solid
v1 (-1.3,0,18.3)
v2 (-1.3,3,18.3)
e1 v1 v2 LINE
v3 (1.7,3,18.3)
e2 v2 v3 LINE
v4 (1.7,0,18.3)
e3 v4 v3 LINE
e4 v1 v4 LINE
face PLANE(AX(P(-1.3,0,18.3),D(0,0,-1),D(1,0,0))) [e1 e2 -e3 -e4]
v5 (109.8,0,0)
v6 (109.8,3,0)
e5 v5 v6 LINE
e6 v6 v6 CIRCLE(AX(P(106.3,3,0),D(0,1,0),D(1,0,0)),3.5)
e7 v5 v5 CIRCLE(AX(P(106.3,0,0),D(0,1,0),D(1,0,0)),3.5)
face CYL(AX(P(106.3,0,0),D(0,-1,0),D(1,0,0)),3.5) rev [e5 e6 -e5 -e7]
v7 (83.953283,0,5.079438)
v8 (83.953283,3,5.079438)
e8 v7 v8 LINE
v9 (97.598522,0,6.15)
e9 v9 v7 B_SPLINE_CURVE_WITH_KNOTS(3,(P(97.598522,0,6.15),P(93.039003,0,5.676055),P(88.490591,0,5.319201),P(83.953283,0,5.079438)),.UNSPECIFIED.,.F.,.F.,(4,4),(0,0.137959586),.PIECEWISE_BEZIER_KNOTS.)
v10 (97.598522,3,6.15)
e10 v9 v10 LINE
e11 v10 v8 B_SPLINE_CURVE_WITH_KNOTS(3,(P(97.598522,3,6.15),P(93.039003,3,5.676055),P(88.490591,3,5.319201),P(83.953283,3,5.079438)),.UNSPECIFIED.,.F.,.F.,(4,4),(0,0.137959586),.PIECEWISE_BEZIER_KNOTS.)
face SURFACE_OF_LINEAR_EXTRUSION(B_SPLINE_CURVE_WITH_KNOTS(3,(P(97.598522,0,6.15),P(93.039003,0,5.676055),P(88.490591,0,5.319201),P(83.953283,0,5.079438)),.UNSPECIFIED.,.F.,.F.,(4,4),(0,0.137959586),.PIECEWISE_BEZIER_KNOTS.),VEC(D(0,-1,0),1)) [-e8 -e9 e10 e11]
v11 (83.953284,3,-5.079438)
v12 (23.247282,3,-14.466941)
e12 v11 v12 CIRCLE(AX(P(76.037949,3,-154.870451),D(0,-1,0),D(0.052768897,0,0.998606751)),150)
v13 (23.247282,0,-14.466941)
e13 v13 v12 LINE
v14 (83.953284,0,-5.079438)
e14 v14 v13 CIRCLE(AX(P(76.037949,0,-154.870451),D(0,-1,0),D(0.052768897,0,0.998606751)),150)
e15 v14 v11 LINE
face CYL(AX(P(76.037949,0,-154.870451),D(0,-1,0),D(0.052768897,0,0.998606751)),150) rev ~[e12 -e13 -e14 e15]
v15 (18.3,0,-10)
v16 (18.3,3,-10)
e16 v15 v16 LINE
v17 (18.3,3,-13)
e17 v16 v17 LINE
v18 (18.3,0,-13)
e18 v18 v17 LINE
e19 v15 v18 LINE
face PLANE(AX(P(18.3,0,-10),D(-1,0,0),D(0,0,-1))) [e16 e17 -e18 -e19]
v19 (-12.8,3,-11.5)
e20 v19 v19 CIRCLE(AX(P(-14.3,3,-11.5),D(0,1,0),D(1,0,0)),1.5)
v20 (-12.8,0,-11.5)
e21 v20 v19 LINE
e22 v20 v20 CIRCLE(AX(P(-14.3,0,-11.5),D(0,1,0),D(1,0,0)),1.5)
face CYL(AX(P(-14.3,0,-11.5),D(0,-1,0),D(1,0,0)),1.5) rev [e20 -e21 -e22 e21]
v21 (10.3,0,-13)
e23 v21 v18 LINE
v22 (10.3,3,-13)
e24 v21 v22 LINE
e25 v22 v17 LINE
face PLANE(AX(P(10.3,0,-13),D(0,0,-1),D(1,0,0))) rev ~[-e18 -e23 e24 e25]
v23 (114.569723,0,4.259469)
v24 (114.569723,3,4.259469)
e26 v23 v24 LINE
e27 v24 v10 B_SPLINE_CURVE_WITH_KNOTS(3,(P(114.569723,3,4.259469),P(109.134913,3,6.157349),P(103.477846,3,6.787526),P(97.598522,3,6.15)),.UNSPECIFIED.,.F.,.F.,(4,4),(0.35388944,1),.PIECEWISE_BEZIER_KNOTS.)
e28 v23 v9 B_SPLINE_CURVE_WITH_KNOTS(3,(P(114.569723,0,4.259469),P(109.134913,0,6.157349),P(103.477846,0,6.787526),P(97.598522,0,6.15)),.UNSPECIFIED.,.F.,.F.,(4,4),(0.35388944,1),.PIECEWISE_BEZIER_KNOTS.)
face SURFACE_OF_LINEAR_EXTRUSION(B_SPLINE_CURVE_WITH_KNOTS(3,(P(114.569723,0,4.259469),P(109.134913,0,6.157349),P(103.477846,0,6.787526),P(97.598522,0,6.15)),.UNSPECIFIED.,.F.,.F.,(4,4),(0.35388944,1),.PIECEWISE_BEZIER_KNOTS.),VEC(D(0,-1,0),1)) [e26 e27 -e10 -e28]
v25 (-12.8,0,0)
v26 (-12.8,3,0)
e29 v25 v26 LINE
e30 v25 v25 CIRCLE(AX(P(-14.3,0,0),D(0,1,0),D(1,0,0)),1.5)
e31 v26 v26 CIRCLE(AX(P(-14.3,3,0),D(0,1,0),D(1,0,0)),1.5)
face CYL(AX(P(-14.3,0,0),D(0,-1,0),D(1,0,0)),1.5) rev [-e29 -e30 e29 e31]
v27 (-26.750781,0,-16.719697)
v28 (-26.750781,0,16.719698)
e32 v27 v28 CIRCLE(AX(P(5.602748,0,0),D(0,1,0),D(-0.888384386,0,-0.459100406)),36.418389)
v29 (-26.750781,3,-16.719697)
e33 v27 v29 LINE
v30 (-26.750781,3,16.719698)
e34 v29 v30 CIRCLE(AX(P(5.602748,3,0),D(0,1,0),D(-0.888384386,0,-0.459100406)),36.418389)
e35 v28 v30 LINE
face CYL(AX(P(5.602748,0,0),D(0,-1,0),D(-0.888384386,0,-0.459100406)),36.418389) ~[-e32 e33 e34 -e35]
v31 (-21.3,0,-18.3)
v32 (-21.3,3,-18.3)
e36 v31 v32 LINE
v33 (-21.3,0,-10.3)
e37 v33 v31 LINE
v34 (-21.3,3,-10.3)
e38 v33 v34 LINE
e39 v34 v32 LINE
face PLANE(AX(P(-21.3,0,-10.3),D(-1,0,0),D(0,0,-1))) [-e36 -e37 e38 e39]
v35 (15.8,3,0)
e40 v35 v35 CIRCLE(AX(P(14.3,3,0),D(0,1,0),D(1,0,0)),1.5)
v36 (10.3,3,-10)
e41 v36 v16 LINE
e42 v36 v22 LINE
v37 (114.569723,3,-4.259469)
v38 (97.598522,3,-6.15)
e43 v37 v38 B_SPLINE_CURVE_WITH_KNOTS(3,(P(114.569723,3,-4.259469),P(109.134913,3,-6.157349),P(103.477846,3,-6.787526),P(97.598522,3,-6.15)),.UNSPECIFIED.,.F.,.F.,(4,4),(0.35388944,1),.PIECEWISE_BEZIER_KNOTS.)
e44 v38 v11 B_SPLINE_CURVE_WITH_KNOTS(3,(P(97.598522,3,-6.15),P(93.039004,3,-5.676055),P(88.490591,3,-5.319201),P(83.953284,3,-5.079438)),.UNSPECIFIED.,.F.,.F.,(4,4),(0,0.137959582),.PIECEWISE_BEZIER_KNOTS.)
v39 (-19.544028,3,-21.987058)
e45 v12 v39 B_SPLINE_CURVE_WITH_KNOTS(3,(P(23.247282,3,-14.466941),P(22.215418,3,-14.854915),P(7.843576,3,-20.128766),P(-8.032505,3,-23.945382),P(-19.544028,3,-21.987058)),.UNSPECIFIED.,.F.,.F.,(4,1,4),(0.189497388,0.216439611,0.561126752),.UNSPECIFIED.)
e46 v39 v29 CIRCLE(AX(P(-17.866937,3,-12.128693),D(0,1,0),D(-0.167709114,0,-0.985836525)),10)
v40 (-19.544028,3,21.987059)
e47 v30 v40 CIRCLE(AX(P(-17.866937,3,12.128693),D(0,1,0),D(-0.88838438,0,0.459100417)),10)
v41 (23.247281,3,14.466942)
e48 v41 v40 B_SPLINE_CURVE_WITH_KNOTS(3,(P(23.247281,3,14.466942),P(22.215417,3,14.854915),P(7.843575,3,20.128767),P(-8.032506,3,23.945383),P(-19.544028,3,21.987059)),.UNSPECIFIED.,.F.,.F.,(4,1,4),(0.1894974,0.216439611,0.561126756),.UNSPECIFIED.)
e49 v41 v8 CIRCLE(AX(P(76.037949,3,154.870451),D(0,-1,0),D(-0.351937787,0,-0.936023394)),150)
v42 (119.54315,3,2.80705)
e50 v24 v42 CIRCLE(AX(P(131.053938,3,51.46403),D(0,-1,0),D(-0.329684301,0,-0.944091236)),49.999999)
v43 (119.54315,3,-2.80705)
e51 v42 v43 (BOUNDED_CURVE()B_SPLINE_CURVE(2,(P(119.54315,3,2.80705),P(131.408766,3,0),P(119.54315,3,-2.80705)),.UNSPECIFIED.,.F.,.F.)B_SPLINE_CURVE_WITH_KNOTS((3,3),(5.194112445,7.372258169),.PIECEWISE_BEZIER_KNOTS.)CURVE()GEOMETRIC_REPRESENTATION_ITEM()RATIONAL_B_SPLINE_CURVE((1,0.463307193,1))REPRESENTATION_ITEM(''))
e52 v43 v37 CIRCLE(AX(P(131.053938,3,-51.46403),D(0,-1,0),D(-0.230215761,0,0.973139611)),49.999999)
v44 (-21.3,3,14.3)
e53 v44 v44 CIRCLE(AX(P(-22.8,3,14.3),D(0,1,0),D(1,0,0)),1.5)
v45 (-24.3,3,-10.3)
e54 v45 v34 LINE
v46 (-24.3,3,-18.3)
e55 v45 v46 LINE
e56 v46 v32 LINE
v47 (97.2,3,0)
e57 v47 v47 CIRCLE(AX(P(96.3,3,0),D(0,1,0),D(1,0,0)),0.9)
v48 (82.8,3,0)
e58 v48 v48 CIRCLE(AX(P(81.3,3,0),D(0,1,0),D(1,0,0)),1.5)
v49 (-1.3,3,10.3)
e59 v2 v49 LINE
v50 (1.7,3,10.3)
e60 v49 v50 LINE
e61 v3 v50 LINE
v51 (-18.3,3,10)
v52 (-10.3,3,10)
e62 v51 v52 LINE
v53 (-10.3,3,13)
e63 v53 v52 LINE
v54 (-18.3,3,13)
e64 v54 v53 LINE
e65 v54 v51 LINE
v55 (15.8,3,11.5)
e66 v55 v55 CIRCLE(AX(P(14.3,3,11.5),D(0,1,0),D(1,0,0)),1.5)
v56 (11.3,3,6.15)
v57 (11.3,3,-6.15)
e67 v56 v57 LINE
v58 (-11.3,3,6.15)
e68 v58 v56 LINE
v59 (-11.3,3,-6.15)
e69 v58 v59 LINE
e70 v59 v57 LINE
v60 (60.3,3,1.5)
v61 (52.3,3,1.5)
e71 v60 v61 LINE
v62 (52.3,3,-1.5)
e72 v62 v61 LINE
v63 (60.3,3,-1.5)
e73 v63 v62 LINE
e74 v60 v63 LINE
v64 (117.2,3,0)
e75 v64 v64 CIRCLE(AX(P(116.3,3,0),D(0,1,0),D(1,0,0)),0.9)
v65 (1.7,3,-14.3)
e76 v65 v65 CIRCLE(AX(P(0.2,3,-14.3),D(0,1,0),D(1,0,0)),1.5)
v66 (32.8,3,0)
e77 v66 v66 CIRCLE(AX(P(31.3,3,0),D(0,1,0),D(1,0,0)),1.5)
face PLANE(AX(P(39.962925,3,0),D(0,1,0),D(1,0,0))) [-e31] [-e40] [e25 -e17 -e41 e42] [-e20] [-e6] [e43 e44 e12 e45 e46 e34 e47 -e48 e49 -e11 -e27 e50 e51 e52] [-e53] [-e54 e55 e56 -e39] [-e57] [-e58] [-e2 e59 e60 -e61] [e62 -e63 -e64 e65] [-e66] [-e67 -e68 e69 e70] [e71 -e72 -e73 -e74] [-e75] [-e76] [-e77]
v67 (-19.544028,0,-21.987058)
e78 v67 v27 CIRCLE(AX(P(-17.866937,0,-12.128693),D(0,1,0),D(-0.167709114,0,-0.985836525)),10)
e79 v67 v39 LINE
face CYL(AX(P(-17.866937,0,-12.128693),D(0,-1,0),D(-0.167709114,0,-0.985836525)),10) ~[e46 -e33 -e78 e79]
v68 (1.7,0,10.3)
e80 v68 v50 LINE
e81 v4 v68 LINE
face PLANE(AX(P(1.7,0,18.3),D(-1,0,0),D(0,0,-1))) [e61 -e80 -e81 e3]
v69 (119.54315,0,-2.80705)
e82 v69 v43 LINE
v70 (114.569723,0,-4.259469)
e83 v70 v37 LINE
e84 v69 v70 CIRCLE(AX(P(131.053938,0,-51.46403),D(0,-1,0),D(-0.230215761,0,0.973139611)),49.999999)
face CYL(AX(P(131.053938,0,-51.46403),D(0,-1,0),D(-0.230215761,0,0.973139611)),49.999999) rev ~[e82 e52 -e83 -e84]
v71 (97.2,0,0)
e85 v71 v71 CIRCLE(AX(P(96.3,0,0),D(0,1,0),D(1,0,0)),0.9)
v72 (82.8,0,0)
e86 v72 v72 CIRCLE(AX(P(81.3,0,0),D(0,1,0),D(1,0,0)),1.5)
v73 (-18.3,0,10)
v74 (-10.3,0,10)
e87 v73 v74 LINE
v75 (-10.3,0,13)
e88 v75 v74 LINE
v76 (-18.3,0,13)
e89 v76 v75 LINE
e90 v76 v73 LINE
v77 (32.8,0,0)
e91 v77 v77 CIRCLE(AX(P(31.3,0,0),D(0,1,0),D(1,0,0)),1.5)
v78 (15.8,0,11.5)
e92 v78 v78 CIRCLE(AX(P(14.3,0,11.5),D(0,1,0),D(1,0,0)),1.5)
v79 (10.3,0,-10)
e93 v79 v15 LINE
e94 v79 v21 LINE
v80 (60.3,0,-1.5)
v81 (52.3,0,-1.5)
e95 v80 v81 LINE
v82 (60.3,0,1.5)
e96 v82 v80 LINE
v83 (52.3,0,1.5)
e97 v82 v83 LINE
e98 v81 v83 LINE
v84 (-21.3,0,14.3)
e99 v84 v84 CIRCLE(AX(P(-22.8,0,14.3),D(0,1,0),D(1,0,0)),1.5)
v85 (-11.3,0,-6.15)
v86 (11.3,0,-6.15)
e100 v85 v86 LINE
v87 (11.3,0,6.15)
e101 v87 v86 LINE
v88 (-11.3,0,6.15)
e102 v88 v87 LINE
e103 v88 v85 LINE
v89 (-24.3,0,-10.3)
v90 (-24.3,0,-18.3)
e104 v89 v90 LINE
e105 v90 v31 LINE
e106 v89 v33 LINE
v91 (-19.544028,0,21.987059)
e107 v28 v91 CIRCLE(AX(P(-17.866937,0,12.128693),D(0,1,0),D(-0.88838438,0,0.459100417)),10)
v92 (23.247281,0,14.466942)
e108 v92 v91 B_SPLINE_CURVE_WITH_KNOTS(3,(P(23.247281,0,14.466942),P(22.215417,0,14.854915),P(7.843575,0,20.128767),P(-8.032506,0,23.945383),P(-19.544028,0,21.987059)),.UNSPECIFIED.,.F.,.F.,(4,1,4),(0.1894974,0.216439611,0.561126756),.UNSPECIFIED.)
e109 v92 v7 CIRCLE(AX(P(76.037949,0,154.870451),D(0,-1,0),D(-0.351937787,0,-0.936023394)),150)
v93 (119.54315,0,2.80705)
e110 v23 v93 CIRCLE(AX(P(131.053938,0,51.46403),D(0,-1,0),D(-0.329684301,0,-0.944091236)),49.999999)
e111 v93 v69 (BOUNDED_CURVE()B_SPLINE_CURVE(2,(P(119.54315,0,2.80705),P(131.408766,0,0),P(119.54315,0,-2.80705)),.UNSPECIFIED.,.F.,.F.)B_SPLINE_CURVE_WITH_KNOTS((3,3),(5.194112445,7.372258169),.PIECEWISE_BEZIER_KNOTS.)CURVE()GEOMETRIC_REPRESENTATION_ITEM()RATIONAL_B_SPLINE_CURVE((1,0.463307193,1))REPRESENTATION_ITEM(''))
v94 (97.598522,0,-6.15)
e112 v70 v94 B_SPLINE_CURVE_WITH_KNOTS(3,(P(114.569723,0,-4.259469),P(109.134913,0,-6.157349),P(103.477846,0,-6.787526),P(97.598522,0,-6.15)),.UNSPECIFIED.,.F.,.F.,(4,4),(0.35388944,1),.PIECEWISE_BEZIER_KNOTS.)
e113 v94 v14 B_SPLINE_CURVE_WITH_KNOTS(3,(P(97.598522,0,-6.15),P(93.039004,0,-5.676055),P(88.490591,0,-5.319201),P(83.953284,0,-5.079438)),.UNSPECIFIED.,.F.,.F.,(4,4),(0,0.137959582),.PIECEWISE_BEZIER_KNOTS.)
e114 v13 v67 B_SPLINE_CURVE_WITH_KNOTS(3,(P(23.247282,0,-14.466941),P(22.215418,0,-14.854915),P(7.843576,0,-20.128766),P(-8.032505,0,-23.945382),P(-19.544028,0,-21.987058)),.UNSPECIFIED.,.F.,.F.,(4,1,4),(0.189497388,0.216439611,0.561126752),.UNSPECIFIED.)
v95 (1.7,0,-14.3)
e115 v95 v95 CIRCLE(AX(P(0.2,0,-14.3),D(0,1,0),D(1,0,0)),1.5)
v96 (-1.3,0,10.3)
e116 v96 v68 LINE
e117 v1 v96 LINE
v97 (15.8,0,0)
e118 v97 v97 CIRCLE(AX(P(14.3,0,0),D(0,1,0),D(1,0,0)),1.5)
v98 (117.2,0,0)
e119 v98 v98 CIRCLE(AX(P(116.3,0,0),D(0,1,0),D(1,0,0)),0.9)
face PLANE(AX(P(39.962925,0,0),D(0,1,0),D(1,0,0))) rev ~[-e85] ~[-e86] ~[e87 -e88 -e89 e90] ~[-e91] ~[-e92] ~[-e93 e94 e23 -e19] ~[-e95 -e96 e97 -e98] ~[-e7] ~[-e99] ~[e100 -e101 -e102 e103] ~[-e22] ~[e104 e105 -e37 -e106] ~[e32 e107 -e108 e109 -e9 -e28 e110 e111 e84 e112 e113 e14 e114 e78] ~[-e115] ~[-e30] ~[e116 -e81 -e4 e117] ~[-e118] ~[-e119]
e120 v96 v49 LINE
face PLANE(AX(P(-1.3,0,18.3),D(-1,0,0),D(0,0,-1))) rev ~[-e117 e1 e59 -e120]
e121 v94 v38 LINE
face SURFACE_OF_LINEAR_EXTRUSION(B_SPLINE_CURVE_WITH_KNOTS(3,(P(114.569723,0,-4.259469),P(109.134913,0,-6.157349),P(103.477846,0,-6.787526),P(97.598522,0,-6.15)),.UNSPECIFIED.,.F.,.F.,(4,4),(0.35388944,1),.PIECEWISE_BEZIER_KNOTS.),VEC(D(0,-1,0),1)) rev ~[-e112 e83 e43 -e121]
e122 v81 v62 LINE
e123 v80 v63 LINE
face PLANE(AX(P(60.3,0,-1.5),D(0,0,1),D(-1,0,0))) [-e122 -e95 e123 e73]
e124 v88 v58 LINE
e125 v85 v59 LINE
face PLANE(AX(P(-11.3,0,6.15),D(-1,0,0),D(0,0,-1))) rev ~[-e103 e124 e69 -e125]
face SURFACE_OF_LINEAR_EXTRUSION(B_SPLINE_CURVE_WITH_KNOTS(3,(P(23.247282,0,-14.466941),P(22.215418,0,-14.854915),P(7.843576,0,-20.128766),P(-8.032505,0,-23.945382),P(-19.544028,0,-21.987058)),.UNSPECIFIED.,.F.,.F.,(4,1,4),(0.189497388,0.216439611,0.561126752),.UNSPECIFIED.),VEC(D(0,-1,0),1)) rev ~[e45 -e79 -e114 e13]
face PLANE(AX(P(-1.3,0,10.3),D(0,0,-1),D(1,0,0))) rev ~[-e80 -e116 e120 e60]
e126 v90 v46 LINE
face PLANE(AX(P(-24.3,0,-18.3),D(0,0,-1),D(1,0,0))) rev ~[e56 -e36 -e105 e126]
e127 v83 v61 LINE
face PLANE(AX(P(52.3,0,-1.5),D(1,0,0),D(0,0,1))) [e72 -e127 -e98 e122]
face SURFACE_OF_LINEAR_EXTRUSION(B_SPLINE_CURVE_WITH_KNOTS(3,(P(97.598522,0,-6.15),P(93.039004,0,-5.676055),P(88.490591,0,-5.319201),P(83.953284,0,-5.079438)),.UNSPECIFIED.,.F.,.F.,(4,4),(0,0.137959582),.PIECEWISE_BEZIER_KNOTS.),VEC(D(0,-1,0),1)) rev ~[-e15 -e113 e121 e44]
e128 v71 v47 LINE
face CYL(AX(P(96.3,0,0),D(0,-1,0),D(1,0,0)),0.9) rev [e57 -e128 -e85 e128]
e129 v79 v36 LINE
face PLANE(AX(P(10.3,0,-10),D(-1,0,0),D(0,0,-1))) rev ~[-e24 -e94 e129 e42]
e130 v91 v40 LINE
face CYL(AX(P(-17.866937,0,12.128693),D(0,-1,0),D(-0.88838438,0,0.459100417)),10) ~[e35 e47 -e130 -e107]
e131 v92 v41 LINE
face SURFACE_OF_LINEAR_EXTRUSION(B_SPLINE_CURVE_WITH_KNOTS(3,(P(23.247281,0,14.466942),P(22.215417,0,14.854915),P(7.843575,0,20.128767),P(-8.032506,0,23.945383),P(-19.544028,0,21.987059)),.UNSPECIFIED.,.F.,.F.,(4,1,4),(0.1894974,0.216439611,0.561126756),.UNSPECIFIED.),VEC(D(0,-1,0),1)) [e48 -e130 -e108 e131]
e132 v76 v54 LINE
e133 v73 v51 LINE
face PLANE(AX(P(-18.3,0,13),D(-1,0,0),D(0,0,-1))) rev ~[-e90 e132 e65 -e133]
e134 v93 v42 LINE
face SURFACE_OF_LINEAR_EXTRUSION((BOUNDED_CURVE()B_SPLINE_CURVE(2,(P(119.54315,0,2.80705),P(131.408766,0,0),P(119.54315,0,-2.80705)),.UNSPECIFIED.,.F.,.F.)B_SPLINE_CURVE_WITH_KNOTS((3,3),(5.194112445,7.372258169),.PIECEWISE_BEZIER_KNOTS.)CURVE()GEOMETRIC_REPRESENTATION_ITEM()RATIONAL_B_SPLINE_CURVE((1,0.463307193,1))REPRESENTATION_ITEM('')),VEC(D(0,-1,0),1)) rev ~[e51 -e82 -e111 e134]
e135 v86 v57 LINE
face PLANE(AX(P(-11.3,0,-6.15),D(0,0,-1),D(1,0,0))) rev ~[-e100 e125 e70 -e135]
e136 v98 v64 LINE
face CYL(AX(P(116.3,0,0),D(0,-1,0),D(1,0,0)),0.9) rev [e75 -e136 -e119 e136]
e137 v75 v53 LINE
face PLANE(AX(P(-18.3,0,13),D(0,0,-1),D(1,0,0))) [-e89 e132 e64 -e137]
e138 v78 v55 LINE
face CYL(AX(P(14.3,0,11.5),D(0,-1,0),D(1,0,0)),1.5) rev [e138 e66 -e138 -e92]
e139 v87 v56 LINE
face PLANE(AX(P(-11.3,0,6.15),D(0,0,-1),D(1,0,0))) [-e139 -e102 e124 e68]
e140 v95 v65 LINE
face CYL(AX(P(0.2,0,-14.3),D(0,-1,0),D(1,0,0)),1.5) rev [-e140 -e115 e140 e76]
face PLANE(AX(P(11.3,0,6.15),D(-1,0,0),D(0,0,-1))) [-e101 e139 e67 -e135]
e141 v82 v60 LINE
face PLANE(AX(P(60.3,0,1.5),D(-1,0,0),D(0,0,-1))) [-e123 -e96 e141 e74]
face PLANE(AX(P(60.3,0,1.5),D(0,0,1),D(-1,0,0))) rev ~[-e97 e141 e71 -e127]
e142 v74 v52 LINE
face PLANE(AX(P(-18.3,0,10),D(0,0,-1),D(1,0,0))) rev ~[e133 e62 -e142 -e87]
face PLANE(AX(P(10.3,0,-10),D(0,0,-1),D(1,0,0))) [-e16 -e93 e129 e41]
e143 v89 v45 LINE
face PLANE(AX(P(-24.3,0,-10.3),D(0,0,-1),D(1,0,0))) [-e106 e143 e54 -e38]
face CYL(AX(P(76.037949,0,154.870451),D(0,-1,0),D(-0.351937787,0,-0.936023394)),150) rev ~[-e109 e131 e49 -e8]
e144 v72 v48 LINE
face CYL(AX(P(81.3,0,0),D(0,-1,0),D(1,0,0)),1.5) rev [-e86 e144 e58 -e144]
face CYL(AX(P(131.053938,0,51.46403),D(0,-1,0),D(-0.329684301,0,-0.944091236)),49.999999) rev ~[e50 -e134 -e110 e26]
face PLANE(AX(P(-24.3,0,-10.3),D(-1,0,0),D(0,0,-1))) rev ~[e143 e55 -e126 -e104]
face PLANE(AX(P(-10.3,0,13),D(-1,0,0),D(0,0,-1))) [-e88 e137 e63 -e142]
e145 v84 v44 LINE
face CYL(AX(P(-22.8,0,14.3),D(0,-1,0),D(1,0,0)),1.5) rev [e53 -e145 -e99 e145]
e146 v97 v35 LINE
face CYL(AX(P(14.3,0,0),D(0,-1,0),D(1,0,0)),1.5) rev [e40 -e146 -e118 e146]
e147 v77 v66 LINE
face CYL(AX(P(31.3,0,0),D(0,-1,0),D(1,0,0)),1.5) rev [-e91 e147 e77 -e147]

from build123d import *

# Parameters (mm, degrees)
ESBO_O1_R                = 1.5
ESBO_O1_R_2              = 3.5
ESBO_O1_R_3              = 0.9
ESBO_O1_W                = 22.6
ESBO_O1_H                = 12.3
ESBO_O1_W_2              = 3
ESBO_O1_H_2              = 8
ESBO_O1_W_3              = 8
ESBO_O1_H_3              = 3
RESSALTO_EXTRUS_O1_DEPTH = 3


with BuildPart() as part:
    # Esboço1 → Ressalto-extrusão1 (new body)
    with BuildSketch(Plane(origin=(0, 0, 0), x_dir=(1, 0, 0), z_dir=(0, 1, 0))):
        with BuildLine():
            ThreePointArc((-26.75078073, 16.719697214), (-30.815641586, -2.3e-07), (-26.750780519, -16.719697622))
            ThreePointArc((-26.750780519, -16.719697622), (-23.767751269, -20.202130616), (-19.544028371, -21.987058612))
            add(Edge.make_bspline(
                [(23.247280819, -14.466941833), (22.21541658, -14.85491506), (7.843575487, -20.128766531), (-8.032505645, -23.945383183), (-19.544028371, -21.987058612)],
                knots=[0.1894974, 0.1894974, 0.1894974, 0.1894974, 0.216439611, 0.561126756, 0.561126756, 0.561126756, 0.561126756], degree=3))
            ThreePointArc((23.247280819, -14.466941833), (53.114593998, -6.632399806), (83.953283265, -5.079438247))
            add(Edge.make_bspline(
                [(97.598521861, -6.15), (93.039003458, -5.676054912), (88.490590593, -5.319200994), (83.953283265, -5.079438247)],
                knots=[0, 0, 0, 0, 0.137959586, 0.137959586, 0.137959586, 0.137959586], degree=3))
            add(Edge.make_bspline(
                [(114.569723425, -4.259468977), (109.134912936, -6.157348784), (103.477845748, -6.787525792), (97.598521861, -6.15)],
                knots=[0.35388944, 0.35388944, 0.35388944, 0.35388944, 1, 1, 1, 1], degree=3))
            ThreePointArc((114.569723425, -4.259468977), (117.037611185, -3.468795912), (119.543150354, -2.807050219))
            add(Edge.make_bspline(
                [(119.543150354, -2.807050219), (131.408766059, 0), (119.543150354, 2.807050219)],
                knots=[5.194112445, 5.194112445, 5.194112445, 7.372258169, 7.372258169, 7.372258169], degree=2, weights=[1, 0.463307193, 1]))
            ThreePointArc((119.543150354, 2.807050219), (117.037611185, 3.468795912), (114.569723425, 4.259468977))
            add(Edge.make_bspline(
                [(114.569723425, 4.259468977), (109.134912936, 6.157348784), (103.477845748, 6.787525792), (97.598521861, 6.15)],
                knots=[0.35388944, 0.35388944, 0.35388944, 0.35388944, 1, 1, 1, 1], degree=3))
            add(Edge.make_bspline(
                [(97.598521861, 6.15), (93.039003574, 5.676054924), (88.490590825, 5.319201013), (83.953283612, 5.079438265)],
                knots=[0, 0, 0, 0, 0.137959582, 0.137959582, 0.137959582, 0.137959582], degree=3))
            ThreePointArc((83.953283612, 5.079438265), (53.114594943, 6.632399691), (23.24728229, 14.466941345))
            add(Edge.make_bspline(
                [(23.24728229, 14.466941345), (22.21541757, 14.854914742), (7.843576153, 20.128766099), (-8.032505406, 23.945382333), (-19.544028008, 21.987058404)],
                knots=[0.189497388, 0.189497388, 0.189497388, 0.189497388, 0.216439611, 0.561126752, 0.561126752, 0.561126752, 0.561126752], degree=3))
            ThreePointArc((-19.544028008, 21.987058404), (-23.767751262, 20.202130438), (-26.75078073, 16.719697214))
        make_face()
        with Locations((-14.3, 0)):
            Circle(ESBO_O1_R, mode=Mode.SUBTRACT)
        with Locations((14.3, 0)):
            Circle(ESBO_O1_R, mode=Mode.SUBTRACT)
        with Locations((0.2, 14.3)):
            Circle(ESBO_O1_R, mode=Mode.SUBTRACT)
        with Locations((-22.8, -14.3)):
            Circle(ESBO_O1_R, mode=Mode.SUBTRACT)
        with Locations((-14.3, 11.5)):
            Circle(ESBO_O1_R, mode=Mode.SUBTRACT)
        with Locations((14.3, -11.5)):
            Circle(ESBO_O1_R, mode=Mode.SUBTRACT)
        with Locations((106.3, 0)):
            Circle(ESBO_O1_R_2, mode=Mode.SUBTRACT)
        with Locations((96.3, 0)):
            Circle(ESBO_O1_R_3, mode=Mode.SUBTRACT)
        with Locations((116.3, 0)):
            Circle(ESBO_O1_R_3, mode=Mode.SUBTRACT)
        with Locations((31.3, 0)):
            Circle(ESBO_O1_R, mode=Mode.SUBTRACT)
        with Locations((81.3, 0)):
            Circle(ESBO_O1_R, mode=Mode.SUBTRACT)
        Rectangle(ESBO_O1_W, ESBO_O1_H, mode=Mode.SUBTRACT)
        with Locations((0.2, -14.3)):
            Rectangle(ESBO_O1_W_2, ESBO_O1_H_2, mode=Mode.SUBTRACT)
        with Locations((-22.8, 14.3)):
            Rectangle(ESBO_O1_W_2, ESBO_O1_H_2, mode=Mode.SUBTRACT)
        with Locations((14.3, 11.500000009)):
            Rectangle(ESBO_O1_W_3, ESBO_O1_H_3, mode=Mode.SUBTRACT)
        with Locations((-14.3, -11.5)):
            Rectangle(ESBO_O1_W_3, ESBO_O1_H_3, mode=Mode.SUBTRACT)
        Polygon((56.3, -1.5), (60.3, -1.5), (60.3, 1.5), (52.3, 1.5), (52.3, -1.5), align=None, mode=Mode.SUBTRACT)
    extrude(amount=RESSALTO_EXTRUS_O1_DEPTH)


solid = part.part
